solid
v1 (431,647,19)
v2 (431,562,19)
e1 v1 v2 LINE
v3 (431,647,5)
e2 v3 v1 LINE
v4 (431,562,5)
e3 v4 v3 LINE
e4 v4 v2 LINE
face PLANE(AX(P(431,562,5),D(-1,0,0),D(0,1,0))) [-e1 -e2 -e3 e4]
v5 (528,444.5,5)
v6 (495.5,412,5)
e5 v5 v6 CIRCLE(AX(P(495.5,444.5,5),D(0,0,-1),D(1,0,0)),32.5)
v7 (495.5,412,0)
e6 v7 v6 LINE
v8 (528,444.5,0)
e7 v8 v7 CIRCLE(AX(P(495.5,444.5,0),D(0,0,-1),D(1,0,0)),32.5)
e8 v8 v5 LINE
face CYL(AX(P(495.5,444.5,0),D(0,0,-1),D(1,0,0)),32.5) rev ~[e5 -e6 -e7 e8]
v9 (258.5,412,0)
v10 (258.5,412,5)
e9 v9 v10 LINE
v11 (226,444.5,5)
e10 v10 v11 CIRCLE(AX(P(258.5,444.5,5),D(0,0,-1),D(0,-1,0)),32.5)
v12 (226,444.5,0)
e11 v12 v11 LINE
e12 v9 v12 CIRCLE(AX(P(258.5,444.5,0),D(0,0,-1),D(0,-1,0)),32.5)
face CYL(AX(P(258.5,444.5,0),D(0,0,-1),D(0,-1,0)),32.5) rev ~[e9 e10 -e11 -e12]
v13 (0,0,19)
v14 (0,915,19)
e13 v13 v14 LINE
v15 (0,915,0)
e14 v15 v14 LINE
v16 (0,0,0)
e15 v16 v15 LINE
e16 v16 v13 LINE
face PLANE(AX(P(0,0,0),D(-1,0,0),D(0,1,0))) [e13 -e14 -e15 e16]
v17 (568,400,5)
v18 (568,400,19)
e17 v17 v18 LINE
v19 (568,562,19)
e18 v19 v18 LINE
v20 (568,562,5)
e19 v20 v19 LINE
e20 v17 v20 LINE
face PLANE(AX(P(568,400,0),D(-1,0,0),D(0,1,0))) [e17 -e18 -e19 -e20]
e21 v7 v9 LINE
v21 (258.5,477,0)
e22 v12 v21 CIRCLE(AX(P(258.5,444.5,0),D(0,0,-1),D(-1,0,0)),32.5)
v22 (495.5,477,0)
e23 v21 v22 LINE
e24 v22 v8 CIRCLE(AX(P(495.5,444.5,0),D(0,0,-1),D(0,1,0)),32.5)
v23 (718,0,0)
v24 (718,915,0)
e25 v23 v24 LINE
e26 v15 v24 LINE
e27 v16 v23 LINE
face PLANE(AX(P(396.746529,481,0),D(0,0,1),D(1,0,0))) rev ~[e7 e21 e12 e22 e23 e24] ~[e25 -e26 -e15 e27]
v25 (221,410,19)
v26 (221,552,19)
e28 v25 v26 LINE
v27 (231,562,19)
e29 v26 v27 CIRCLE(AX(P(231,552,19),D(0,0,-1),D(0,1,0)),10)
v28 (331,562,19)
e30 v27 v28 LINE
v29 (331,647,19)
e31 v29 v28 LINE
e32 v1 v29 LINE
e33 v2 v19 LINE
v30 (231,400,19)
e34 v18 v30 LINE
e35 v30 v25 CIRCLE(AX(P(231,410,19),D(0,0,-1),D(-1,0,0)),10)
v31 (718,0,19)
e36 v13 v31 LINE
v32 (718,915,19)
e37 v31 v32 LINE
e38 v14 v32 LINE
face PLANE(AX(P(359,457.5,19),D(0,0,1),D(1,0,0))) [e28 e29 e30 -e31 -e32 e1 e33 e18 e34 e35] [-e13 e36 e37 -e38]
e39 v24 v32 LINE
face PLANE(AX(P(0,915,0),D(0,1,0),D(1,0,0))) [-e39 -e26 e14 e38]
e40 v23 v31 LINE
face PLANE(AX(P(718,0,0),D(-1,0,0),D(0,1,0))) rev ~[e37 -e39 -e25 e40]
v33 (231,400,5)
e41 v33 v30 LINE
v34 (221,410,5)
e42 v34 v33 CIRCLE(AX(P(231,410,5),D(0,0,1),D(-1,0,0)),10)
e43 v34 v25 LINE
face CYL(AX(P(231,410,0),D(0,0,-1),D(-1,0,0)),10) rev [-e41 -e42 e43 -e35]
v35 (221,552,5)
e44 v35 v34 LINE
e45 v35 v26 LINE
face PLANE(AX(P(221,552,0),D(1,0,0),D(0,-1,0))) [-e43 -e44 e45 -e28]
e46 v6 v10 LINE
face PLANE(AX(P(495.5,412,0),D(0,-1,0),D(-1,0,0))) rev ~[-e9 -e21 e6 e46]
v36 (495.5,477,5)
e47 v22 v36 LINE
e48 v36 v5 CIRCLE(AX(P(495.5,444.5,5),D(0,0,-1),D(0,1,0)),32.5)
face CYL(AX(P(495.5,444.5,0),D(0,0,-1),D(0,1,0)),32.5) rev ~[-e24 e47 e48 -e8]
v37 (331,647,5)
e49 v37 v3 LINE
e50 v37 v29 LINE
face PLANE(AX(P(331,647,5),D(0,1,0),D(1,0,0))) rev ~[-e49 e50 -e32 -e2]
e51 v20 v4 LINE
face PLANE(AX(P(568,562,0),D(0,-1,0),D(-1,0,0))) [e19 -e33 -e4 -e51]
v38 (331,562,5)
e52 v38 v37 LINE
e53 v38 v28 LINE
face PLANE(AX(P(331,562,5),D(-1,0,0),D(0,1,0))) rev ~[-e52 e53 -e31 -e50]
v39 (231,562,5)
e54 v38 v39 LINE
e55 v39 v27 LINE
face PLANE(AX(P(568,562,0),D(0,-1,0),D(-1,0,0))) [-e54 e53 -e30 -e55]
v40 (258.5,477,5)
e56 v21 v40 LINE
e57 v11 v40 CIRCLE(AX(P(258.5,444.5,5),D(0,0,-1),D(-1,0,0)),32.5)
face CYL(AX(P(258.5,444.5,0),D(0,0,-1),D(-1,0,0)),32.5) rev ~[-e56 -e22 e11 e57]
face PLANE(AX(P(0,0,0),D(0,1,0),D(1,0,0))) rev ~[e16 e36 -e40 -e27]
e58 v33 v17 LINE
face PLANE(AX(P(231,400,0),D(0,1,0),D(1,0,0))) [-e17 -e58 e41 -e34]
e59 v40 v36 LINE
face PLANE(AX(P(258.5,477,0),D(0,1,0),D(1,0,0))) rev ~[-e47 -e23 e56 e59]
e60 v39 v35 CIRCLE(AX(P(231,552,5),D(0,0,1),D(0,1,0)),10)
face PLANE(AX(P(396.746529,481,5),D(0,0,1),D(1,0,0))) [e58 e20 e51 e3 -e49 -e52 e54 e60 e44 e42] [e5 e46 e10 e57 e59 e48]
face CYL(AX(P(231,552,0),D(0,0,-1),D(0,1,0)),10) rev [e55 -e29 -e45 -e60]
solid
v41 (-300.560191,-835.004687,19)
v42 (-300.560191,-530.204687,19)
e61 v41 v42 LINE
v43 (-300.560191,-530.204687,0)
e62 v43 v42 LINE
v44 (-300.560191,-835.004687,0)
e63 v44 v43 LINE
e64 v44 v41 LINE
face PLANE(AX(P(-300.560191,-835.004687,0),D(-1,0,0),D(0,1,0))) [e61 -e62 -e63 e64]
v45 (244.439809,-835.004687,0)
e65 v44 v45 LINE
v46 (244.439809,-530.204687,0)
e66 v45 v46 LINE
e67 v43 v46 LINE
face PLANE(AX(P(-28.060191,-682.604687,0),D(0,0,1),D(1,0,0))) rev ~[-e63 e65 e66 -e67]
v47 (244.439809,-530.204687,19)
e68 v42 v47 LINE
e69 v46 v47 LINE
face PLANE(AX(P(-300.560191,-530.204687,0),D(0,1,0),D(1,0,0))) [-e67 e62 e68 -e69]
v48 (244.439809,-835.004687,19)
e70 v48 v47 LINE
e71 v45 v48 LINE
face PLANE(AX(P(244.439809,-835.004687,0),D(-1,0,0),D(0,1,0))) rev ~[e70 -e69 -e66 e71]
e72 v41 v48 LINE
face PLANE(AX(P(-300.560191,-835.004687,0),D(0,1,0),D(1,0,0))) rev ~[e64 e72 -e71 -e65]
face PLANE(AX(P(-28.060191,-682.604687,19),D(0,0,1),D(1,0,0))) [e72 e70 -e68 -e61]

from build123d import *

# Parameters (mm, degrees)
F5_W     = 718
F5_H     = 915
F1_DEPTH = 19
F5_W_2   = 545
F5_H_2   = 304.8
F2_DEPTH = 30
F0_W     = 100
F0_H     = 85
F3_DEPTH = 5
F4_START = 5
F4_DEPTH = 40


with BuildPart() as f1:
    # F5 (on Top) → F1 (new body)
    with BuildSketch(Plane.XY):
        with Locations((359, 457.5)):
            Rectangle(F5_W, F5_H)
    extrude(amount=F1_DEPTH)

    # F0 (on face) → F2 (cut)
    with BuildSketch(Plane.XY):
        with BuildLine():
            ThreePointArc((223, 410), (225.3431457505, 404.3431457505), (231, 402))
            Line((231, 402), (568, 402))
            Line((568, 402), (568, 560))
            Line((568, 560), (231, 560))
            ThreePointArc((231, 560), (225.3431457505, 557.6568542495), (223, 552))
            Line((223, 552), (223, 410))
        make_face()
        with BuildLine():
            Line((495.5, 412), (258.5, 412))
            ThreePointArc((258.5, 412), (235.5190296114, 421.5190296114), (226, 444.5))
            ThreePointArc((226, 444.5), (235.5190296114, 467.4809703886), (258.5, 477))
            Line((258.5, 477), (495.5, 477))
            ThreePointArc((495.5, 477), (518.4809703886, 467.4809703886), (528, 444.5))
            ThreePointArc((528, 444.5), (518.4809703886, 421.5190296114), (495.5, 412))
        make_face(mode=Mode.SUBTRACT)
        with BuildLine():
            ThreePointArc((226, 444.5), (235.5190296114, 421.5190296114), (258.5, 412))
            Line((258.5, 412), (495.5, 412))
            ThreePointArc((495.5, 412), (518.4809703886, 421.5190296114), (528, 444.5))
            ThreePointArc((528, 444.5), (518.4809703886, 467.4809703886), (495.5, 477))
            Line((495.5, 477), (258.5, 477))
            ThreePointArc((258.5, 477), (235.5190296114, 467.4809703886), (226, 444.5))
        make_face()
        with BuildLine():
            ThreePointArc((228, 444.5), (236.9332431738, 466.0667568262), (258.5, 475))
            Line((258.5, 475), (495.5, 475))
            ThreePointArc((495.5, 475), (517.0667568262, 466.0667568262), (526, 444.5))
            ThreePointArc((526, 444.5), (517.0667568262, 422.9332431738), (495.5, 414))
            Line((495.5, 414), (258.5, 414))
            ThreePointArc((258.5, 414), (236.9332431738, 422.9332431738), (228, 444.5))
        make_face(mode=Mode.SUBTRACT)
        with BuildLine():
            Line((495.5, 475), (258.5, 475))
            ThreePointArc((258.5, 475), (236.9332431738, 466.0667568262), (228, 444.5))
            ThreePointArc((228, 444.5), (236.9332431738, 422.9332431738), (258.5, 414))
            Line((258.5, 414), (495.5, 414))
            ThreePointArc((495.5, 414), (517.0667568262, 422.9332431738), (526, 444.5))
            ThreePointArc((526, 444.5), (517.0667568262, 466.0667568262), (495.5, 475))
        make_face()
        with BuildLine():
            Line((568, 402), (231, 402))
            ThreePointArc((231, 402), (225.3431457505, 404.3431457505), (223, 410))
            Line((223, 410), (223, 552))
            ThreePointArc((223, 552), (225.3431457505, 557.6568542495), (231, 560))
            Line((231, 560), (568, 560))
            Line((568, 560), (568, 562))
            Line((568, 562), (431, 562))
            Line((431, 562), (331, 562))
            Line((331, 562), (231, 562))
            ThreePointArc((231, 562), (223.9289321881, 559.0710678119), (221, 552))
            Line((221, 552), (221, 410))
            ThreePointArc((221, 410), (223.9289321881, 402.9289321881), (231, 400))
            Line((231, 400), (568, 400))
            Line((568, 400), (568, 402))
        make_face()
    extrude(amount=F2_DEPTH, mode=Mode.SUBTRACT)

    # F0 (on face) → F3 (join)
    with BuildSketch(Plane.XY):
        with BuildLine():
            ThreePointArc((223, 410), (225.3431457505, 404.3431457505), (231, 402))
            Line((231, 402), (568, 402))
            Line((568, 402), (568, 560))
            Line((568, 560), (231, 560))
            ThreePointArc((231, 560), (225.3431457505, 557.6568542495), (223, 552))
            Line((223, 552), (223, 410))
        make_face()
        with BuildLine():
            Line((495.5, 412), (258.5, 412))
            ThreePointArc((258.5, 412), (235.5190296114, 421.5190296114), (226, 444.5))
            ThreePointArc((226, 444.5), (235.5190296114, 467.4809703886), (258.5, 477))
            Line((258.5, 477), (495.5, 477))
            ThreePointArc((495.5, 477), (518.4809703886, 467.4809703886), (528, 444.5))
            ThreePointArc((528, 444.5), (518.4809703886, 421.5190296114), (495.5, 412))
        make_face(mode=Mode.SUBTRACT)
        with BuildLine():
            Line((568, 402), (231, 402))
            ThreePointArc((231, 402), (225.3431457505, 404.3431457505), (223, 410))
            Line((223, 410), (223, 552))
            ThreePointArc((223, 552), (225.3431457505, 557.6568542495), (231, 560))
            Line((231, 560), (568, 560))
            Line((568, 560), (568, 562))
            Line((568, 562), (431, 562))
            Line((431, 562), (331, 562))
            Line((331, 562), (231, 562))
            ThreePointArc((231, 562), (223.9289321881, 559.0710678119), (221, 552))
            Line((221, 552), (221, 410))
            ThreePointArc((221, 410), (223.9289321881, 402.9289321881), (231, 400))
            Line((231, 400), (568, 400))
            Line((568, 400), (568, 402))
        make_face()
        with Locations((381, 604.5)):
            Rectangle(F0_W, F0_H)
    extrude(amount=F3_DEPTH)

    # F0 (on face) → F4 (cut)
    with BuildSketch(Plane.XY.offset(F4_START)):
        with Locations((381, 604.5)):
            Rectangle(F0_W, F0_H)
    extrude(amount=F4_DEPTH, mode=Mode.SUBTRACT)


with BuildPart() as f1b:
    # F5 (on Top) → F1, piece 2 (new body)
    with BuildSketch(Plane.XY):
        with Locations((-28.0601912737, -682.6046873093)):
            Rectangle(F5_W_2, F5_H_2)
    extrude(amount=F1_DEPTH)


solid = Compound([f1.part, f1b.part])
